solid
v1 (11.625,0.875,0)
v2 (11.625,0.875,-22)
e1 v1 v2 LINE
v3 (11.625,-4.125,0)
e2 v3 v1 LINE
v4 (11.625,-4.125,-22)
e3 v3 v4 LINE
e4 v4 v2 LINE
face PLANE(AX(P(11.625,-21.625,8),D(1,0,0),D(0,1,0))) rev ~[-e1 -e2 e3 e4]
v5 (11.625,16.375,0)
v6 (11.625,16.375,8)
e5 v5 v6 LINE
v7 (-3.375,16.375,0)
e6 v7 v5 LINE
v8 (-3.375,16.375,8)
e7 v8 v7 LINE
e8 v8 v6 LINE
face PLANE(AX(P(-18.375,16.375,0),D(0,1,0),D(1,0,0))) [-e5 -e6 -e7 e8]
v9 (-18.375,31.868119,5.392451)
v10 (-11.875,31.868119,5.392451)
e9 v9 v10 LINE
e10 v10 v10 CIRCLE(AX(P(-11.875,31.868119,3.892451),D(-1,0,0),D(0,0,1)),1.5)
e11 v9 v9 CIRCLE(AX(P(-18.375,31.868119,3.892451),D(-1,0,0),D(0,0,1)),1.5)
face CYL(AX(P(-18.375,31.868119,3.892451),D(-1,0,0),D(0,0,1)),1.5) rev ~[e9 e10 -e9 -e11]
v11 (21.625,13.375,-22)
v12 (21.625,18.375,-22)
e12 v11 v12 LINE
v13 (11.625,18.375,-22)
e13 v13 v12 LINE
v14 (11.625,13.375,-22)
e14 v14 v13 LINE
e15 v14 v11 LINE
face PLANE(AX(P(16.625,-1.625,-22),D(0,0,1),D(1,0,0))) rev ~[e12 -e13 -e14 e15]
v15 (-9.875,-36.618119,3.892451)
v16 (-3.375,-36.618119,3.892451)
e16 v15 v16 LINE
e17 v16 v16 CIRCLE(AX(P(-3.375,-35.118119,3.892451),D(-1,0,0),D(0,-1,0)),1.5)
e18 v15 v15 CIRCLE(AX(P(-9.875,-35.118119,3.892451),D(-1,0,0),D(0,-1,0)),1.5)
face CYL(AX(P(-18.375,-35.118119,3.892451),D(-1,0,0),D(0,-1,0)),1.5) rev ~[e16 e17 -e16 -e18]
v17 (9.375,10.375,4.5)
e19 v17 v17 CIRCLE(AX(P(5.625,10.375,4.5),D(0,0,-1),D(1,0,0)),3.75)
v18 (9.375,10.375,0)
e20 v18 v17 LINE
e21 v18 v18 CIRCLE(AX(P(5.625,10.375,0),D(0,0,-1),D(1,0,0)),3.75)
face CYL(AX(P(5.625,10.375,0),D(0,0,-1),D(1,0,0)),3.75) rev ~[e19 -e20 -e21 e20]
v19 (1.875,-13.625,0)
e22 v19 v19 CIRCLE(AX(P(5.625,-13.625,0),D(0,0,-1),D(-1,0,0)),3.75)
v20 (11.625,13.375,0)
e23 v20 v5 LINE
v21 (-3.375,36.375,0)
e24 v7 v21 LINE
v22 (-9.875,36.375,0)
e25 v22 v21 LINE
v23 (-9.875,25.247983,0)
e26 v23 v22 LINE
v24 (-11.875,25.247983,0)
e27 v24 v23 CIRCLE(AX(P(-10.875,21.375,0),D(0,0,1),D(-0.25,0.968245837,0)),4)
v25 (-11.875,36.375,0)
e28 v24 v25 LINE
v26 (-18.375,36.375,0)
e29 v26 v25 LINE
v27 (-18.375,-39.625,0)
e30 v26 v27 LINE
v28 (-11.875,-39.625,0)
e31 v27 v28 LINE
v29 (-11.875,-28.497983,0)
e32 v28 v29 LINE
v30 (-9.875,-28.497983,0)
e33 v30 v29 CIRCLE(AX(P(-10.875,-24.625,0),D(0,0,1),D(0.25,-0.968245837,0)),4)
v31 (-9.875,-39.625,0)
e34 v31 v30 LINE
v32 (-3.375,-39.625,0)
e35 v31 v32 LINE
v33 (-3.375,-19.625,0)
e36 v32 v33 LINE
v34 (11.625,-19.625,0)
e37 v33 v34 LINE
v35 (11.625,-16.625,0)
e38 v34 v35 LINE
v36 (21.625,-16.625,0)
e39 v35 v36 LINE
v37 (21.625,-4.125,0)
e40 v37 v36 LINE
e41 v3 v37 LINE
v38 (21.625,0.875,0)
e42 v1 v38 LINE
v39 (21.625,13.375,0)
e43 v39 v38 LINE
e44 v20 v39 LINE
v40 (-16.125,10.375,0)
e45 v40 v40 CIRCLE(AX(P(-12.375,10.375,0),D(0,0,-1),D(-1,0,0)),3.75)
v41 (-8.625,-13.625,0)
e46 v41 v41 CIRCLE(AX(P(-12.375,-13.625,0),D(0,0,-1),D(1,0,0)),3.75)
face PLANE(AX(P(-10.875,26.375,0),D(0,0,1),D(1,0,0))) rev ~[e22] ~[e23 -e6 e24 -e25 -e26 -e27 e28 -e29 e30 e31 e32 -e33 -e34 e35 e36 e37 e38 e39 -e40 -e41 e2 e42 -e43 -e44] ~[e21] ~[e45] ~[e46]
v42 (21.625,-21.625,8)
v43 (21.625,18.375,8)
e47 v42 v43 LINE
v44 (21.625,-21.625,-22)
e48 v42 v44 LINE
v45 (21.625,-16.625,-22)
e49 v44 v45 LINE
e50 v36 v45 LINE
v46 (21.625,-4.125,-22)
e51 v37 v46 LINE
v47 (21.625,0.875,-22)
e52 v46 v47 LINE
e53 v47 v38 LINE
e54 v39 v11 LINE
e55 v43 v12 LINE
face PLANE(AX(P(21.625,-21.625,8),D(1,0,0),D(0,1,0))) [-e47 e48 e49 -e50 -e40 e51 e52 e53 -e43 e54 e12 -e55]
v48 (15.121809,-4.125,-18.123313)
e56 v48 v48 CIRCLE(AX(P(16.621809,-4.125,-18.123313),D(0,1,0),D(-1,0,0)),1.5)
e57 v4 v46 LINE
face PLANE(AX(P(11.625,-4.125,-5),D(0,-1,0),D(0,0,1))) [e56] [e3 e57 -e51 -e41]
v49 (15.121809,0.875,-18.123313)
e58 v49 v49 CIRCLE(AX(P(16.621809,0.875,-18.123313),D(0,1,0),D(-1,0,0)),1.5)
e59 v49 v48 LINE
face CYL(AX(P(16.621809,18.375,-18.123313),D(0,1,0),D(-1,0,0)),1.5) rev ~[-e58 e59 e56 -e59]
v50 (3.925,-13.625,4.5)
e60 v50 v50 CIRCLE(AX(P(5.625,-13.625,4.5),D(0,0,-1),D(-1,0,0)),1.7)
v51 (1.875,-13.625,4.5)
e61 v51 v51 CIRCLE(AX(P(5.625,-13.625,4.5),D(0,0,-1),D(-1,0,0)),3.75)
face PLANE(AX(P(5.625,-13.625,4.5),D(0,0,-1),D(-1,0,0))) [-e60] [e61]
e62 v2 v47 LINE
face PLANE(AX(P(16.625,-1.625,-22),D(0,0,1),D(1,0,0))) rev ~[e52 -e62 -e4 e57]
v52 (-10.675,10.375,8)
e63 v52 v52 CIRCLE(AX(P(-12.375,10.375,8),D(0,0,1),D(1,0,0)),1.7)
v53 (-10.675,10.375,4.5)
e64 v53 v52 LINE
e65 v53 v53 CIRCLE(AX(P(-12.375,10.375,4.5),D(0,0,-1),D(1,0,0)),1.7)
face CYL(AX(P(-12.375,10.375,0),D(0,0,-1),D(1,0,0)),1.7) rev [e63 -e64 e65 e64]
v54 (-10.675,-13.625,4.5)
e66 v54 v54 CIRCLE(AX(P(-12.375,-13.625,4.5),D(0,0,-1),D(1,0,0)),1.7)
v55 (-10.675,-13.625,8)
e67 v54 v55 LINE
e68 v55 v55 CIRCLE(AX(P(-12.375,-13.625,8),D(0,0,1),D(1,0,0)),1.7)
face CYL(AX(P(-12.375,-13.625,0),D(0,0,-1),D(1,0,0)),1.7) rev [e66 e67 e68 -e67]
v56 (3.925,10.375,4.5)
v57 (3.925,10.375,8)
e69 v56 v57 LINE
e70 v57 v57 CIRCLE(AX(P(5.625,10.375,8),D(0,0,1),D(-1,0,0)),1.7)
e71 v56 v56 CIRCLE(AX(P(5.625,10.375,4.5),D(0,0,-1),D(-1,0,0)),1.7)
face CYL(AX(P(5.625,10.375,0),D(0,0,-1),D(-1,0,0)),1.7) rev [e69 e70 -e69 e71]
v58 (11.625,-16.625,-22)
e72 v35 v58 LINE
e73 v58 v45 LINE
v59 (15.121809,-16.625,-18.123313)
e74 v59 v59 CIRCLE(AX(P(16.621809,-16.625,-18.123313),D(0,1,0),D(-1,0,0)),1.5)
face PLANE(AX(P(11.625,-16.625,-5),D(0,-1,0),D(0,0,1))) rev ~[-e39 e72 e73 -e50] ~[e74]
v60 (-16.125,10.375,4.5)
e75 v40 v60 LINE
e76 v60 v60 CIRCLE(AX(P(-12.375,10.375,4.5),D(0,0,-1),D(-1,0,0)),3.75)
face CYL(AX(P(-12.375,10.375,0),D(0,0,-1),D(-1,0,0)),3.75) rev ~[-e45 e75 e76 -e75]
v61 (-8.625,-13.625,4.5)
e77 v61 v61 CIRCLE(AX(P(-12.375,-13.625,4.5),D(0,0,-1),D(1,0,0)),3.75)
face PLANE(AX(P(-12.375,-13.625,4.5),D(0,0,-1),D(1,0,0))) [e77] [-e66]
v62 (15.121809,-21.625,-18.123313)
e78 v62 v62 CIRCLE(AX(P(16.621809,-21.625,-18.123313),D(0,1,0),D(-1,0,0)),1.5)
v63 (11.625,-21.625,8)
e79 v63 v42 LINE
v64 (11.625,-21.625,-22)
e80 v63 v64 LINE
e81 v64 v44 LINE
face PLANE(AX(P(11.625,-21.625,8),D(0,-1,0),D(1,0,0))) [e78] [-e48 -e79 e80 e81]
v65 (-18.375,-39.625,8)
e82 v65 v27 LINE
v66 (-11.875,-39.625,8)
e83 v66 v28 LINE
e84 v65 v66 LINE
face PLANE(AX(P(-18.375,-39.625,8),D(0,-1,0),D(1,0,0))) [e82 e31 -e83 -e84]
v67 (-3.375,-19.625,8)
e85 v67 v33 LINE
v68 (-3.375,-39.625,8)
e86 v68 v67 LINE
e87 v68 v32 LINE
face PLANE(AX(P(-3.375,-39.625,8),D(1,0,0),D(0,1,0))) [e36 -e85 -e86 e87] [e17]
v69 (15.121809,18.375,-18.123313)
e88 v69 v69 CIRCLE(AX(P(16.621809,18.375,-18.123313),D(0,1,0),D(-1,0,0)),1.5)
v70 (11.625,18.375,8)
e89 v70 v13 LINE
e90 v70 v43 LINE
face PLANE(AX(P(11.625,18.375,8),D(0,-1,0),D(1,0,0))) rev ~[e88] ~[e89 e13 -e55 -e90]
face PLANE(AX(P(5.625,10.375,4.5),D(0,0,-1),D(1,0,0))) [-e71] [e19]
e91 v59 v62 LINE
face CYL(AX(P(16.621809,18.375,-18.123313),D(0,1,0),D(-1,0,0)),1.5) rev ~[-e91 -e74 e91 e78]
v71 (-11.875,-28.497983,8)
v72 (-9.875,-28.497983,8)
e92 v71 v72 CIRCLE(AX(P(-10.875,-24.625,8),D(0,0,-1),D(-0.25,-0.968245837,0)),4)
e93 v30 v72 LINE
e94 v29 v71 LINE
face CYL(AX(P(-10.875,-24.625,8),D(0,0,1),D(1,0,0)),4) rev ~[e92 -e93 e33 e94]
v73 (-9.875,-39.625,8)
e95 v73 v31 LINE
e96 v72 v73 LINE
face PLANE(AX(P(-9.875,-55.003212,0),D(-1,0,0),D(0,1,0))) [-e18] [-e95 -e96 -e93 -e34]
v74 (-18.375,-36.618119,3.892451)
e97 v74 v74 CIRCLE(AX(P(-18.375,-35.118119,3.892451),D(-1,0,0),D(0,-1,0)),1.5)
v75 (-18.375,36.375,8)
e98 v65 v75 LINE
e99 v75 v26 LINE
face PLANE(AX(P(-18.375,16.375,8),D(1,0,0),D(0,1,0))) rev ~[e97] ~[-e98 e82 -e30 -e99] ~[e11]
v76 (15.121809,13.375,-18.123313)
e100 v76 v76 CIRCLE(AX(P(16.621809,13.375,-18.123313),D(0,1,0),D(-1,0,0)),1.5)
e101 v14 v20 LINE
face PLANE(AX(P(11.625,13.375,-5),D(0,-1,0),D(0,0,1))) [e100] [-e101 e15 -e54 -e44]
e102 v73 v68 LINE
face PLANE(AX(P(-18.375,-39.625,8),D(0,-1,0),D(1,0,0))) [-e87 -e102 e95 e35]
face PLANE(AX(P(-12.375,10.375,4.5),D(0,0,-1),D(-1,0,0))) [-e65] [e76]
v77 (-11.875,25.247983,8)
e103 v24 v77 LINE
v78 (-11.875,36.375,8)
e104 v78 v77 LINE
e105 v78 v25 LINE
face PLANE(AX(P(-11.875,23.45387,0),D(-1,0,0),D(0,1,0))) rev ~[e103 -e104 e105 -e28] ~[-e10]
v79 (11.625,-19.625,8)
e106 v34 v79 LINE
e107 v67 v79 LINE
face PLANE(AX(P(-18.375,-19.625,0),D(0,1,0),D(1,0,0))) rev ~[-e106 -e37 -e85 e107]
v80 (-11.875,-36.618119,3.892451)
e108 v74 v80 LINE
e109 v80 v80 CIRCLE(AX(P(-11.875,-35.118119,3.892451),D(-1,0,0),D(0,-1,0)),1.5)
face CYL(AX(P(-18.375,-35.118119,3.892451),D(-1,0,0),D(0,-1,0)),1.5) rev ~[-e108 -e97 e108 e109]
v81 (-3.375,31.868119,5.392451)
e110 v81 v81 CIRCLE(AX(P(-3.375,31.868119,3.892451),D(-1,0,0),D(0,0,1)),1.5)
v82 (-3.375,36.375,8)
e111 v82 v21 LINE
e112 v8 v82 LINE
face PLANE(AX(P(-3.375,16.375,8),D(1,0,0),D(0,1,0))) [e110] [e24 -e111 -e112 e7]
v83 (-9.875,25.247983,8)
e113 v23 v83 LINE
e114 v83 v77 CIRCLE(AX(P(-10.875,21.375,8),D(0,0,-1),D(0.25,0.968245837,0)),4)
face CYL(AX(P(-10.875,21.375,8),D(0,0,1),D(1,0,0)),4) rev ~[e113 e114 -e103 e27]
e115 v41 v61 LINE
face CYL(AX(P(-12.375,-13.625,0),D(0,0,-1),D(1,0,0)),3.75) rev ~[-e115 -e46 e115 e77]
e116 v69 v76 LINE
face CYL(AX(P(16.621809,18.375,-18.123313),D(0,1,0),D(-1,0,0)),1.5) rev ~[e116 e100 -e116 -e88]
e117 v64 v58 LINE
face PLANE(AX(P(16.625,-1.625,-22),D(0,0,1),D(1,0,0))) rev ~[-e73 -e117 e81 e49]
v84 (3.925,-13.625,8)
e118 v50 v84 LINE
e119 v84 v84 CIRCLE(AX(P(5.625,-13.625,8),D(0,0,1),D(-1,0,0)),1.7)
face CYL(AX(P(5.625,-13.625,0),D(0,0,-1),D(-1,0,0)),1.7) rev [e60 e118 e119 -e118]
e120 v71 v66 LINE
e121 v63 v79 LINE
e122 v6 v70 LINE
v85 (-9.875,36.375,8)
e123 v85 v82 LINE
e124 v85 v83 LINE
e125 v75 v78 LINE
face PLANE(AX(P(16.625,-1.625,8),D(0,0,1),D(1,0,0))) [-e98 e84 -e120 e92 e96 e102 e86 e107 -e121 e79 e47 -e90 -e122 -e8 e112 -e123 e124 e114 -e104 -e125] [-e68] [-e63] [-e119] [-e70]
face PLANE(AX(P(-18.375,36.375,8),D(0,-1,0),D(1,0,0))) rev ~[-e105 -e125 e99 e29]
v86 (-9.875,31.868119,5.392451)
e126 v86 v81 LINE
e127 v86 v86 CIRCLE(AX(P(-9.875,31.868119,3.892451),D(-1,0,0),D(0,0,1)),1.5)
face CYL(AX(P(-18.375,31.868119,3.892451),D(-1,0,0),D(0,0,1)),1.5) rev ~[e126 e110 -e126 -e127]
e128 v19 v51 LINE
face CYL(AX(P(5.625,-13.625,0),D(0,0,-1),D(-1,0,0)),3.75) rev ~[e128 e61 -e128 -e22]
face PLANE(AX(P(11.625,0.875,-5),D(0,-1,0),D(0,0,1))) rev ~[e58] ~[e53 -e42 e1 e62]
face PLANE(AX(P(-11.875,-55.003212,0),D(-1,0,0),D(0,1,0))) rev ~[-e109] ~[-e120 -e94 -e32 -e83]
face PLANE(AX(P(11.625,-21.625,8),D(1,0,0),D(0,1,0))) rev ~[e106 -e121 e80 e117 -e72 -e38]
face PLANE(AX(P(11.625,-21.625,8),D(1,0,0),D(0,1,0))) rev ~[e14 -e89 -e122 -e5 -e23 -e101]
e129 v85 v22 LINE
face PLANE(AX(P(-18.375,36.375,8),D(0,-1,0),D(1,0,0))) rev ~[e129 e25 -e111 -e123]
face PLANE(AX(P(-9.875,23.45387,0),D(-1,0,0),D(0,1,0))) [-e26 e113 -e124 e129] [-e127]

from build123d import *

# Parameters (mm, degrees)
SKETCH_1_W          = 30
SKETCH_1_H          = 36
SKETCH_1_R          = 1.7
EXTRUDE_1_DEPTH     = 8
SKETCH_2_R          = 3.75
CUT_EXTRUDE_1_DEPTH = 4.5
SKETCH_3_W          = 15
SKETCH_3_H          = 20
SKETCH_3_R          = 4
EXTRUDE_4_DEPTH     = 8
SKETCH_8_W          = 10
SKETCH_8_H          = 40
EXTRUDE_5_DEPTH     = 30
SKETCH_10_W         = 12
SKETCH_10_H         = 12.5
SKETCH_10_W_2       = 5
CUT_EXTRUDE_4_DEPTH = 30
SKETCH_11_R         = 1.5
CUT_EXTRUDE_5_DEPTH = 47
SKETCH_12_W         = 2
SKETCH_12_H         = 25.842259392
SKETCH_12_H_2       = 30.756424204
CUT_EXTRUDE_6_DEPTH = 10
SKETCH_13_R         = 1.5
CUT_EXTRUDE_7_DEPTH = 40
SKETCH_14_W         = 5
SKETCH_14_H         = 12.5
CUT_EXTRUDE_8_DEPTH = 10


with BuildPart() as part:
    # 草图1 → 凸台-拉伸1 (new body)
    with BuildSketch(Plane.XY):
        with Locations((-3.375, -1.625)):
            Rectangle(SKETCH_1_W, SKETCH_1_H)
        with Locations((-12.375, 10.375)):
            Circle(SKETCH_1_R, mode=Mode.SUBTRACT)
        with Locations((-12.375, -13.625)):
            Circle(SKETCH_1_R, mode=Mode.SUBTRACT)
        with Locations(Location((5.625, -13.625, 0), (0, 0, 180))):
            Circle(SKETCH_1_R, mode=Mode.SUBTRACT)
        with Locations(Location((5.625, 10.375, 0), (0, 0, 180))):
            Circle(SKETCH_1_R, mode=Mode.SUBTRACT)
    extrude(amount=EXTRUDE_1_DEPTH)

    # 草图2 → 切除-拉伸1 (cut)
    with BuildSketch(Plane(origin=(0, 0, 0), x_dir=(-1, 0, 0), z_dir=(0, 0, -1))):
        with Locations((12.375, 10.375)):
            Circle(SKETCH_2_R)
        with Locations(Location((-5.625, 10.375, 0), (0, 0, 180))):
            Circle(SKETCH_2_R)
        with Locations(Location((12.375, -13.625, 0), (0, 0, 180))):
            Circle(SKETCH_2_R)
        with Locations((-5.625, -13.625)):
            Circle(SKETCH_2_R)
    extrude(amount=-CUT_EXTRUDE_1_DEPTH, mode=Mode.SUBTRACT)

    # 草图3 → 凸台-拉伸4 (add)
    # profile 1 of 2: a face of its own
    with BuildSketch(Plane.XY.offset(8)):
        with Locations((-10.875, 26.375)):
            Rectangle(SKETCH_3_W, SKETCH_3_H)
        with Locations((-10.875, 21.375)):
            Circle(SKETCH_3_R, mode=Mode.SUBTRACT)
    # profile 2 of 2: a face of its own
    with BuildSketch(Plane.XY.offset(8)):
        with Locations((-10.875, -29.625)):
            Rectangle(SKETCH_3_W, SKETCH_3_H)
        with Locations((-10.875, -24.625)):
            Circle(SKETCH_3_R, mode=Mode.SUBTRACT)
    extrude(amount=-EXTRUDE_4_DEPTH)

    # 草图8 → 凸台-拉伸5 (add)
    with BuildSketch(Plane.XY.offset(8)):
        with Locations((16.625, -1.625)):
            Rectangle(SKETCH_8_W, SKETCH_8_H)
    extrude(amount=-EXTRUDE_5_DEPTH)

    # 草图10 → 切除-拉伸4 (cut)
    with BuildSketch(Plane.ZY.offset(-11.625)):
        with Locations((-16, 7.125)):
            Rectangle(SKETCH_10_W, SKETCH_10_H)
        with Locations((-2.5, 7.125)):
            Rectangle(SKETCH_10_W_2, SKETCH_10_H)
        with Locations((-2.5, -10.375)):
            Rectangle(SKETCH_10_W_2, SKETCH_10_H)
        with Locations((-16, -10.375)):
            Rectangle(SKETCH_10_W, SKETCH_10_H)
    extrude(amount=-CUT_EXTRUDE_4_DEPTH, mode=Mode.SUBTRACT)

    # 草图11 → 切除-拉伸5 (cut)
    with BuildSketch(Plane(origin=(0, 18.375, 0), x_dir=(1, 0, 0), z_dir=(0, 1, 0))):
        with Locations(Location((16.621809271, 18.123313308, 0), (0, 0, 180))):
            Circle(SKETCH_11_R)
    extrude(amount=-CUT_EXTRUDE_5_DEPTH, mode=Mode.SUBTRACT)

    # 草图12 → 切除-拉伸6 (cut)
    with BuildSketch(Plane(origin=(0, 0, 0), x_dir=(-1, 0, 0), z_dir=(0, 0, -1))):
        with Locations((10.875, 36.375)):
            Rectangle(SKETCH_12_W, SKETCH_12_H)
        with Locations((10.875, -39.625)):
            Rectangle(SKETCH_12_W, SKETCH_12_H_2)
    extrude(amount=-CUT_EXTRUDE_6_DEPTH, mode=Mode.SUBTRACT)

    # 草图13 → 切除-拉伸7 (cut)
    with BuildSketch(Plane.ZY.offset(18.375)):
        with Locations((3.892451488, 31.868119268)):
            Circle(SKETCH_13_R)
        with Locations(Location((3.892451488, -35.118119268, 0), (0, 0, 270))):
            Circle(SKETCH_13_R)
    extrude(amount=-CUT_EXTRUDE_7_DEPTH, mode=Mode.SUBTRACT)

    # 草图14 → 切除-拉伸8 (cut)
    with BuildSketch(Plane(origin=(21.625, 0, 0), x_dir=(0, 0, -1), z_dir=(1, 0, 0))):
        with Locations((7.5, 7.125)):
            Rectangle(SKETCH_14_W, SKETCH_14_H)
        with Locations((7.5, -10.375)):
            Rectangle(SKETCH_14_W, SKETCH_14_H)
    extrude(amount=-CUT_EXTRUDE_8_DEPTH, mode=Mode.SUBTRACT)


solid = part.part
